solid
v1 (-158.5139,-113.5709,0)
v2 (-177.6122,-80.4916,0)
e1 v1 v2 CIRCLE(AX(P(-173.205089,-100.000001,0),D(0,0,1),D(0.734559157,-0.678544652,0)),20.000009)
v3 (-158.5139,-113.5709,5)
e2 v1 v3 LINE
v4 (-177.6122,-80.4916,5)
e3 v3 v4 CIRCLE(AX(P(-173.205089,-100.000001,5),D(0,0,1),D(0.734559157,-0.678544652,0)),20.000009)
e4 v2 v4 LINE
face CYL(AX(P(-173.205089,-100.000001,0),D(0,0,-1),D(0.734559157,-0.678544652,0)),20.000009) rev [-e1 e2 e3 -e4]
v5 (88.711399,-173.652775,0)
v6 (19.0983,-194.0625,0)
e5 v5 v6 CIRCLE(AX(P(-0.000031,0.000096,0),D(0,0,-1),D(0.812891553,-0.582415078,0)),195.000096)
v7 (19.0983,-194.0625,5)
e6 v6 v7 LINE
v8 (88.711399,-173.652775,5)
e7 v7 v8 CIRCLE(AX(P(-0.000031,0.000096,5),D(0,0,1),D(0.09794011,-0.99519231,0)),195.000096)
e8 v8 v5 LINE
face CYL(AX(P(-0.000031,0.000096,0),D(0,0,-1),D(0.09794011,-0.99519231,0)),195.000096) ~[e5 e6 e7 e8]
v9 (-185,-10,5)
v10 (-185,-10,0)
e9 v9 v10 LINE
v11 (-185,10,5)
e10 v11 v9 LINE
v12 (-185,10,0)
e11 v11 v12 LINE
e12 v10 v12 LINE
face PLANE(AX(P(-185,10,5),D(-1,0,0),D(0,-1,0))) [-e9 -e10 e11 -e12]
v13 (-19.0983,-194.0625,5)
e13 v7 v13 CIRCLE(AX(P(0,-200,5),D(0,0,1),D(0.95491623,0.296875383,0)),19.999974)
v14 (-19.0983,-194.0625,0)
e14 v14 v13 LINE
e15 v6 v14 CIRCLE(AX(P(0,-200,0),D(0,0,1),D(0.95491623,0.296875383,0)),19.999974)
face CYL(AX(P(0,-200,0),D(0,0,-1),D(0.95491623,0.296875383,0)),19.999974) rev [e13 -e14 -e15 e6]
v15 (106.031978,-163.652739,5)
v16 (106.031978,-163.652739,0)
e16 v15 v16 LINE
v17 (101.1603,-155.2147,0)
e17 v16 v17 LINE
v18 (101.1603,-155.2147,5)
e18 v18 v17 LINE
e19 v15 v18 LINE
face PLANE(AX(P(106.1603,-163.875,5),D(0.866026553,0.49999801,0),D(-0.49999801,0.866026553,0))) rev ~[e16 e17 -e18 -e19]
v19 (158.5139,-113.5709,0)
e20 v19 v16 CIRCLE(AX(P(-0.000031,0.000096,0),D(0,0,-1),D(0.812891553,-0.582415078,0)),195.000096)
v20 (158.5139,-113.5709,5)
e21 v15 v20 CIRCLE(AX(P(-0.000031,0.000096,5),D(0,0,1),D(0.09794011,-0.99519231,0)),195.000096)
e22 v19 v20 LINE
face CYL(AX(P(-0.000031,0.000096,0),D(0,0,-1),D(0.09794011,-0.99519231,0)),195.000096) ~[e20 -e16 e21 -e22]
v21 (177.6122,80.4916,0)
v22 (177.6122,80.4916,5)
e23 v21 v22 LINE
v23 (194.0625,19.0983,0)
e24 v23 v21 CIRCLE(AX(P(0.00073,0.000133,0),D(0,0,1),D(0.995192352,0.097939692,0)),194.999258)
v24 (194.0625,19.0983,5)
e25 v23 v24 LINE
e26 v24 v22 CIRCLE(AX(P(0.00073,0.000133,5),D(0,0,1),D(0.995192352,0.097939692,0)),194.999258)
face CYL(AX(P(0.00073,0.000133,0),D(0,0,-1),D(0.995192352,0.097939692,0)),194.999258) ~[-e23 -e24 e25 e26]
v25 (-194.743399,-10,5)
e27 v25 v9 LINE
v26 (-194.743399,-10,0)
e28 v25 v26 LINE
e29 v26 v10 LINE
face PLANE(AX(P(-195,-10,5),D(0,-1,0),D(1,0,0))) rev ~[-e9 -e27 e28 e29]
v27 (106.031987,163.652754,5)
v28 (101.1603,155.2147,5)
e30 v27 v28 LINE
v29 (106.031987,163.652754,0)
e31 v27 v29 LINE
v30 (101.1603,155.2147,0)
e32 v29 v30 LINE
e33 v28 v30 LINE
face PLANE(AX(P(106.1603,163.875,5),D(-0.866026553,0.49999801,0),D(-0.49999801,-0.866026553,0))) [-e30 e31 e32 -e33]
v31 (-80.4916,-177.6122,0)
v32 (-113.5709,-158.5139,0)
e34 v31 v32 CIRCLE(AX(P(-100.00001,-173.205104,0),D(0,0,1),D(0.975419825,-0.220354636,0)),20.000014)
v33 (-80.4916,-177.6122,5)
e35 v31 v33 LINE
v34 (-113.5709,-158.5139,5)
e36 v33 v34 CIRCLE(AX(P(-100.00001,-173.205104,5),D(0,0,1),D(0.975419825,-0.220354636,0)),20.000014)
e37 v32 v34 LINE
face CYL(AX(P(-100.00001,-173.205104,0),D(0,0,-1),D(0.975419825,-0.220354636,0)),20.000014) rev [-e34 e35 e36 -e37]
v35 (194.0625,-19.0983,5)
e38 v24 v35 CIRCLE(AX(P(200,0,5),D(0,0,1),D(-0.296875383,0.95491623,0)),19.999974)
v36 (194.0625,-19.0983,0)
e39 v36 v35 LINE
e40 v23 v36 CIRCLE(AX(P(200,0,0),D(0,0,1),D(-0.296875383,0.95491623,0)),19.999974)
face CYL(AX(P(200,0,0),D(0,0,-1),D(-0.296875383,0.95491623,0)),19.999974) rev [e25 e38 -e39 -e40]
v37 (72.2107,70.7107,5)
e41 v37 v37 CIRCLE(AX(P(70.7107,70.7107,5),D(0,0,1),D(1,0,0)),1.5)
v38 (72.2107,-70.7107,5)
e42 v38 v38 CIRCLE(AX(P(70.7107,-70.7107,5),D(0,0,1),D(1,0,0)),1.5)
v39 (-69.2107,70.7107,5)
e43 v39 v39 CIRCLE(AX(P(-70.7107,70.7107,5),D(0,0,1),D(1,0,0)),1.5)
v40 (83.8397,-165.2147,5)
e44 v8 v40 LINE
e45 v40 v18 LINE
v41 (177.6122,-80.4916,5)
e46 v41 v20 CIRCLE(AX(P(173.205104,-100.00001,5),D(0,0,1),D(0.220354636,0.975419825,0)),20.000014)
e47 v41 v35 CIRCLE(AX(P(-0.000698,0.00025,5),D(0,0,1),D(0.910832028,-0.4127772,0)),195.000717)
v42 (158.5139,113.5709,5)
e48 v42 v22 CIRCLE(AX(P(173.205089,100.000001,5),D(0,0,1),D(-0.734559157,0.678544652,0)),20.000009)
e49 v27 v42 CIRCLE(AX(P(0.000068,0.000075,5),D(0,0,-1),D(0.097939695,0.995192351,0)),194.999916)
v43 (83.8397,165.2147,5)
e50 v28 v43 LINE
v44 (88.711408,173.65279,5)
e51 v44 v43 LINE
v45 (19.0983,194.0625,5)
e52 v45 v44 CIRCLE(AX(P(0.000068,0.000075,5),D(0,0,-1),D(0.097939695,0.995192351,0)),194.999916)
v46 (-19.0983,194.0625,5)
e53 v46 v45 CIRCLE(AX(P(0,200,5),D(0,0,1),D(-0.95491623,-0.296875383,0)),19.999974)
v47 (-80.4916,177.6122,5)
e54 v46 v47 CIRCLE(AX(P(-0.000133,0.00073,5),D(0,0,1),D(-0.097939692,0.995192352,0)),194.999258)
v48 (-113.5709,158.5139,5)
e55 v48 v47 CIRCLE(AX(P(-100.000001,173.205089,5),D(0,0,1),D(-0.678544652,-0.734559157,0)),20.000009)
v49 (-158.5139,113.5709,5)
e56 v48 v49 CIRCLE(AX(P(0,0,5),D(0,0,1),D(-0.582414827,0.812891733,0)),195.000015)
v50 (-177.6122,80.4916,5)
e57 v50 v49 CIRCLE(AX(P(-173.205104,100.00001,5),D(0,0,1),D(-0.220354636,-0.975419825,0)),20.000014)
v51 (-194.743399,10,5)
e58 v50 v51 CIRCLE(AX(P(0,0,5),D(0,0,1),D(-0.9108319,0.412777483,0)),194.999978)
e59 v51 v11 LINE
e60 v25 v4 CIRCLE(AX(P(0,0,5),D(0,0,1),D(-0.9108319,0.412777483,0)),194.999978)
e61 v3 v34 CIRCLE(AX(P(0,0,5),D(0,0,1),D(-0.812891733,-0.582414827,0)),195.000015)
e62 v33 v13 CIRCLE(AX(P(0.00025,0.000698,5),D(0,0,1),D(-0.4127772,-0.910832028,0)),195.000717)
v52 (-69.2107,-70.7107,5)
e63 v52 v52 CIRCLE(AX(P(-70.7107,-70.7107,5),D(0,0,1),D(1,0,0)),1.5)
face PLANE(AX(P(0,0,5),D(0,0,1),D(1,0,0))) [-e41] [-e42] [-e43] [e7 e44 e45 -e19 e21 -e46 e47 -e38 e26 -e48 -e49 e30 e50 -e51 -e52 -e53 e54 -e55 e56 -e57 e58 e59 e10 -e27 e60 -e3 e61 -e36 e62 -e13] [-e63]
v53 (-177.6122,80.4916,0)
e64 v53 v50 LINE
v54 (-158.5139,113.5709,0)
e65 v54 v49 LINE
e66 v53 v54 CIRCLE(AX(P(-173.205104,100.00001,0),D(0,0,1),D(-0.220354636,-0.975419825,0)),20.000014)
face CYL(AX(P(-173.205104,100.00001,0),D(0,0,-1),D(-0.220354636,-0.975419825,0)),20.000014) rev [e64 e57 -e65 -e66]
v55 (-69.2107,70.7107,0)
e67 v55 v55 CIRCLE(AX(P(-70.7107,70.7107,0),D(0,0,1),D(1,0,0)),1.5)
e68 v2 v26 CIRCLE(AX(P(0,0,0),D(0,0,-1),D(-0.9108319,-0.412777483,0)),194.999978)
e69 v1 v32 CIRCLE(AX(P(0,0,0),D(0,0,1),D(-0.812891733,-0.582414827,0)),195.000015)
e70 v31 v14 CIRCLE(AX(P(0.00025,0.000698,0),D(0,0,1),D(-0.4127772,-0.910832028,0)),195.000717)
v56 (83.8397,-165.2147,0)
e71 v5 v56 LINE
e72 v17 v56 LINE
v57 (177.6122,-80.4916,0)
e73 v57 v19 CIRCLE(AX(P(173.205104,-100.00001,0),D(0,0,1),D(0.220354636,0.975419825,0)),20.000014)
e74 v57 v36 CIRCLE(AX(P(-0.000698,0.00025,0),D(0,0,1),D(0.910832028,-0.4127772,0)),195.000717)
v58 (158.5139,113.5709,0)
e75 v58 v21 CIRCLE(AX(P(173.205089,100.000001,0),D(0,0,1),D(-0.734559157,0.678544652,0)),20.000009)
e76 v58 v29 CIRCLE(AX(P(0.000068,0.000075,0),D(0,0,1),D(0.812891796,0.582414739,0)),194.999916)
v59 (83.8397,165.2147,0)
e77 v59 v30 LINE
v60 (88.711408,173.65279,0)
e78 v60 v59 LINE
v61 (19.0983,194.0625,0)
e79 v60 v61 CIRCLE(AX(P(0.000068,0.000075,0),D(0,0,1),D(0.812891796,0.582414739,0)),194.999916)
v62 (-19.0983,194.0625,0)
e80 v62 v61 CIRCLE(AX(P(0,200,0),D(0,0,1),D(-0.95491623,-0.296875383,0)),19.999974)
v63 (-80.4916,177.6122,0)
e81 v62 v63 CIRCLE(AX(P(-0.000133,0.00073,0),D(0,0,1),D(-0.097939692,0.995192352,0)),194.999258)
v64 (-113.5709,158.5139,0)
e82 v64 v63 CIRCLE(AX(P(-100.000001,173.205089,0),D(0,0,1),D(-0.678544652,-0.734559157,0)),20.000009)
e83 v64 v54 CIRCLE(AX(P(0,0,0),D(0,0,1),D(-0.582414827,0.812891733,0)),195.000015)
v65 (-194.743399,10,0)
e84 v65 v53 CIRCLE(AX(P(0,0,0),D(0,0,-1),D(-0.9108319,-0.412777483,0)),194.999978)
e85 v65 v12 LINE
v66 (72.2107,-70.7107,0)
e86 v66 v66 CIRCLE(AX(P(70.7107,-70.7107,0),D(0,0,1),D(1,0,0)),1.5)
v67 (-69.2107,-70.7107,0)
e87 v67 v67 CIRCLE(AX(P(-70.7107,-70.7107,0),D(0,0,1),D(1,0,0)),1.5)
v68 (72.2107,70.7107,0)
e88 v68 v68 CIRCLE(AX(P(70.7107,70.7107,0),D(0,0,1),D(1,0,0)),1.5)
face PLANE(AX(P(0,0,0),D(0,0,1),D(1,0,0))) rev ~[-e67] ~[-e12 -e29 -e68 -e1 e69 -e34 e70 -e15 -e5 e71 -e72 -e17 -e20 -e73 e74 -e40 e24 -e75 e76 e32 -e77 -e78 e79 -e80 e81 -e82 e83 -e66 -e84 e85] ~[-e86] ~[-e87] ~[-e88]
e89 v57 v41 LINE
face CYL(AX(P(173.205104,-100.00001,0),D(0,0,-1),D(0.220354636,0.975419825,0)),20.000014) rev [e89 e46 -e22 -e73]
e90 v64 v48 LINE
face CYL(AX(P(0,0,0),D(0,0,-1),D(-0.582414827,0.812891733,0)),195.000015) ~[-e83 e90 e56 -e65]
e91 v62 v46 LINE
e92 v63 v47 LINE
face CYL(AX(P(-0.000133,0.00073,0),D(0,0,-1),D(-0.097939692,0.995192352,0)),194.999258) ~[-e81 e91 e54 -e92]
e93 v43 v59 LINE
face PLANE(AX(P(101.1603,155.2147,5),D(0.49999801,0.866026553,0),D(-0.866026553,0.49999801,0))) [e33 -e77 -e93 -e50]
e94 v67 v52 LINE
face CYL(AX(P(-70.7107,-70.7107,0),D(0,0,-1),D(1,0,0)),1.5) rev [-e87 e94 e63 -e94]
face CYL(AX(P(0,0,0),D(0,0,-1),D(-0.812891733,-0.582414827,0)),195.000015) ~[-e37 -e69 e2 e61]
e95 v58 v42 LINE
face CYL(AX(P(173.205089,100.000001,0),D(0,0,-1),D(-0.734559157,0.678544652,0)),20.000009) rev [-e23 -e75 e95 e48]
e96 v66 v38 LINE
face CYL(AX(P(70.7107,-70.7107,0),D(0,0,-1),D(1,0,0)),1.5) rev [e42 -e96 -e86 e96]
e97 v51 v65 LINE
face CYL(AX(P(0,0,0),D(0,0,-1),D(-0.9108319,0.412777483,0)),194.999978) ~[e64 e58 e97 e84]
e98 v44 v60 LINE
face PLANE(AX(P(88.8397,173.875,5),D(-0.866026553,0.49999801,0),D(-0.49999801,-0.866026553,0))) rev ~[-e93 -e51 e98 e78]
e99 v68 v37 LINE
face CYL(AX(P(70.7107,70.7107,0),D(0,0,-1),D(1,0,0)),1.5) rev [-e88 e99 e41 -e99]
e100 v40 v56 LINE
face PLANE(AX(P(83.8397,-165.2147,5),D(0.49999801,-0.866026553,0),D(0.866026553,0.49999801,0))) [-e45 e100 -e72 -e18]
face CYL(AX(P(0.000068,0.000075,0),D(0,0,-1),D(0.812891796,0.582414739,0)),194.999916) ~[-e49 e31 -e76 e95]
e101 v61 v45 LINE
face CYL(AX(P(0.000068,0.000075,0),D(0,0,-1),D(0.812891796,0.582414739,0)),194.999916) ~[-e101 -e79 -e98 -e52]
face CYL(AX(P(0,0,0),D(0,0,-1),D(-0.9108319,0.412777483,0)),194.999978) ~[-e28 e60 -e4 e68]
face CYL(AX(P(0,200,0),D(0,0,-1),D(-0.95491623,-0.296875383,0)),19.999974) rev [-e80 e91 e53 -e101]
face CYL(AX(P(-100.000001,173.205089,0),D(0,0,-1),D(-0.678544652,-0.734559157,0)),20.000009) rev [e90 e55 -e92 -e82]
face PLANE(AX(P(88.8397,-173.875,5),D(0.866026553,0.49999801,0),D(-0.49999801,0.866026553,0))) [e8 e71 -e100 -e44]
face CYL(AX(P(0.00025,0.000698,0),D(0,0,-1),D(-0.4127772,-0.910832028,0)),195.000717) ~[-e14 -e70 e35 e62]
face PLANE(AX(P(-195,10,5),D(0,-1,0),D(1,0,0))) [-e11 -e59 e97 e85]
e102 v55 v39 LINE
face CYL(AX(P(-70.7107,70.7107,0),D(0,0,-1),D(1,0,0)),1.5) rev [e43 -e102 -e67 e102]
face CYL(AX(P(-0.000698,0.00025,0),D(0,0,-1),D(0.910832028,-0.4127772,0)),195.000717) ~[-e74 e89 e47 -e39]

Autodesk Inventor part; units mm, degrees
ref_plane "YZ Plane" through (0, 0, 0) normal (1, 0, 0) x (0, 1, 0)
ref_plane "XZ Plane" through (0, 0, 0) normal (0, 1, 0) x (-1, 0, 0)
ref_plane "XY Plane" through (0, 0, 0) normal (0, 0, 1) x (1, 0, 0)
sketch "Sketch1" plane through (0, 0, 0) normal (0, 0, 1) x (1, 0, 0)
  arc A0 (-19.0983, 194.0625) -> (19.0983, 194.0625) centre (0, 200) ccw
  arc A1 (-113.5709, 158.5139) -> (-80.4916, 177.6122) centre (-100, 173.2051) ccw
  arc A2 (-177.6122, 80.4916) -> (-158.5139, 113.5709) centre (-173.2051, 100) ccw
  arc A3 (-194.0625, -19.0983) -> (-194.0625, 19.0983) centre (-200, 0) ccw
  arc A4 (-158.5139, -113.5709) -> (-177.6122, -80.4916) centre (-173.2051, -100) ccw
  arc A5 (-80.4916, -177.6122) -> (-113.5709, -158.5139) centre (-100, -173.2051) ccw
  arc A6 (19.0983, -194.0625) -> (-19.0983, -194.0625) centre (0, -200) ccw
  arc A7 (113.5709, -158.5139) -> (80.4916, -177.6122) centre (100, -173.2051) ccw
  arc A8 (177.6122, -80.4916) -> (158.5139, -113.5709) centre (173.2051, -100) ccw
  arc A9 (194.0625, 19.0983) -> (194.0625, -19.0983) centre (200, 0) ccw
  arc A10 (158.5139, 113.5709) -> (177.6122, 80.4916) centre (173.2051, 100) ccw
  arc A11 (80.4916, 177.6122) -> (113.5709, 158.5139) centre (100, 173.2051) ccw
  arc A12 (-113.5709, 158.5139) -> (-158.5139, 113.5709) centre (0, 0) ccw
  arc A13 (-19.0983, 194.0625) -> (-80.4916, 177.6122) centre (0, 0) ccw
  arc A14 (158.5139, 113.5709) -> (19.0983, 194.0625) centre (0, 0) ccw
  arc A15 (194.0625, 19.0983) -> (177.6122, 80.4916) centre (0, 0) ccw
  arc A16 (177.6122, -80.4916) -> (194.0625, -19.0983) centre (0, 0) ccw
  arc A17 (19.0983, -194.0625) -> (158.5139, -113.5709) centre (0, 0) ccw
  arc A18 (-80.4916, -177.6122) -> (-19.0983, -194.0625) centre (0, 0) ccw
  arc A19 (-177.6122, 80.4916) -> (-177.6122, -80.4916) centre (0, 0) ccw
  arc A20 (-158.5139, -113.5709) -> (-113.5709, -158.5139) centre (0, 0) ccw
  line L0 (0, 0) -> (100, 0) construction
  circle A21 centre (70.7107, 70.7107) radius 1.5
  circle A22 centre (-70.7107, 70.7107) radius 1.5
  circle A23 centre (-70.7107, -70.7107) radius 1.5
  circle A24 centre (70.7107, -70.7107) radius 1.5
  dimension "d2" = 40
  dimension "d5" = 360
  dimension "d9" = 3
  dimension "d12" = 360
extrude "Extrusion1" add sketch "Sketch1" along normal blind 5
sketch "Sketch2" plane through (0, 0, 5) normal (0, 0, 1) x (1, 0, 0)
  line L0 (0, 195) -> (10, 195)
  line L1 (10, 195) -> (10, 185)
  line L2 (10, 185) -> (0, 185)
  line L3 (0, 195) -> (-10, 195)
  line L4 (-10, 195) -> (-10, 185)
  line L5 (-10, 185) -> (0, 185)
  line L6 (-106.1603, 163.875) -> (-101.1603, 155.2147)
  line L7 (-97.5, 168.875) -> (-106.1603, 163.875)
  line L8 (-97.5, 168.875) -> (-88.8397, 173.875)
  line L9 (-88.8397, 173.875) -> (-83.8397, 165.2147)
  line L10 (-83.8397, 165.2147) -> (-92.5, 160.2147)
  line L11 (-101.1603, 155.2147) -> (-92.5, 160.2147)
  line L12 (-173.875, 88.8397) -> (-165.2147, 83.8397)
  line L13 (-168.875, 97.5) -> (-173.875, 88.8397)
  line L14 (-168.875, 97.5) -> (-163.875, 106.1603)
  line L15 (-163.875, 106.1603) -> (-155.2147, 101.1603)
  line L16 (-155.2147, 101.1603) -> (-160.2147, 92.5)
  line L17 (-165.2147, 83.8397) -> (-160.2147, 92.5)
  line L18 (-195, -10) -> (-185, -10)
  line L19 (-195, 0) -> (-195, -10)
  line L20 (-195, 0) -> (-195, 10)
  line L21 (-195, 10) -> (-185, 10)
  line L22 (-185, 10) -> (-185, 0)
  line L23 (-185, -10) -> (-185, 0)
  line L24 (-163.875, -106.1603) -> (-155.2147, -101.1603)
  line L25 (-168.875, -97.5) -> (-163.875, -106.1603)
  line L26 (-168.875, -97.5) -> (-173.875, -88.8397)
  line L27 (-173.875, -88.8397) -> (-165.2147, -83.8397)
  line L28 (-165.2147, -83.8397) -> (-160.2147, -92.5)
  line L29 (-155.2147, -101.1603) -> (-160.2147, -92.5)
  line L30 (-88.8397, -173.875) -> (-83.8397, -165.2147)
  line L31 (-97.5, -168.875) -> (-88.8397, -173.875)
  line L32 (-97.5, -168.875) -> (-106.1603, -163.875)
  line L33 (-106.1603, -163.875) -> (-101.1603, -155.2147)
  line L34 (-101.1603, -155.2147) -> (-92.5, -160.2147)
  line L35 (-83.8397, -165.2147) -> (-92.5, -160.2147)
  line L36 (10, -195) -> (10, -185)
  line L37 (0, -195) -> (10, -195)
  line L38 (0, -195) -> (-10, -195)
  line L39 (-10, -195) -> (-10, -185)
  line L40 (-10, -185) -> (0, -185)
  line L41 (10, -185) -> (0, -185)
  line L42 (106.1603, -163.875) -> (101.1603, -155.2147)
  line L43 (97.5, -168.875) -> (106.1603, -163.875)
  line L44 (97.5, -168.875) -> (88.8397, -173.875)
  line L45 (88.8397, -173.875) -> (83.8397, -165.2147)
  line L46 (83.8397, -165.2147) -> (92.5, -160.2147)
  line L47 (101.1603, -155.2147) -> (92.5, -160.2147)
  line L48 (173.875, -88.8397) -> (165.2147, -83.8397)
  line L49 (168.875, -97.5) -> (173.875, -88.8397)
  line L50 (168.875, -97.5) -> (163.875, -106.1603)
  line L51 (163.875, -106.1603) -> (155.2147, -101.1603)
  line L52 (155.2147, -101.1603) -> (160.2147, -92.5)
  line L53 (165.2147, -83.8397) -> (160.2147, -92.5)
  line L54 (195, 10) -> (185, 10)
  line L55 (195, 0) -> (195, 10)
  line L56 (195, 0) -> (195, -10)
  line L57 (195, -10) -> (185, -10)
  line L58 (185, -10) -> (185, 0)
  line L59 (185, 10) -> (185, 0)
  line L60 (163.875, 106.1603) -> (155.2147, 101.1603)
  line L61 (168.875, 97.5) -> (163.875, 106.1603)
  line L62 (168.875, 97.5) -> (173.875, 88.8397)
  line L63 (173.875, 88.8397) -> (165.2147, 83.8397)
  line L64 (165.2147, 83.8397) -> (160.2147, 92.5)
  line L65 (155.2147, 101.1603) -> (160.2147, 92.5)
  line L66 (88.8397, 173.875) -> (83.8397, 165.2147)
  line L67 (97.5, 168.875) -> (88.8397, 173.875)
  line L68 (97.5, 168.875) -> (106.1603, 163.875)
  line L69 (106.1603, 163.875) -> (101.1603, 155.2147)
  line L70 (101.1603, 155.2147) -> (92.5, 160.2147)
  line L71 (83.8397, 165.2147) -> (92.5, 160.2147)
  point P0 (0, 0)
  point P1 (0, 0)
  dimension "d17" = 10
  dimension "d18" = 10
  dimension "d21" = 360
extrude "Extrusion2" cut sketch "Sketch2" against normal blind 5 contours L19 L20 L21 L22 L23 L18 | L43 L44 L45 L46 L47 L42 | L67 L68 L69 L70 L71 L66
properties part number "Napduoi"
